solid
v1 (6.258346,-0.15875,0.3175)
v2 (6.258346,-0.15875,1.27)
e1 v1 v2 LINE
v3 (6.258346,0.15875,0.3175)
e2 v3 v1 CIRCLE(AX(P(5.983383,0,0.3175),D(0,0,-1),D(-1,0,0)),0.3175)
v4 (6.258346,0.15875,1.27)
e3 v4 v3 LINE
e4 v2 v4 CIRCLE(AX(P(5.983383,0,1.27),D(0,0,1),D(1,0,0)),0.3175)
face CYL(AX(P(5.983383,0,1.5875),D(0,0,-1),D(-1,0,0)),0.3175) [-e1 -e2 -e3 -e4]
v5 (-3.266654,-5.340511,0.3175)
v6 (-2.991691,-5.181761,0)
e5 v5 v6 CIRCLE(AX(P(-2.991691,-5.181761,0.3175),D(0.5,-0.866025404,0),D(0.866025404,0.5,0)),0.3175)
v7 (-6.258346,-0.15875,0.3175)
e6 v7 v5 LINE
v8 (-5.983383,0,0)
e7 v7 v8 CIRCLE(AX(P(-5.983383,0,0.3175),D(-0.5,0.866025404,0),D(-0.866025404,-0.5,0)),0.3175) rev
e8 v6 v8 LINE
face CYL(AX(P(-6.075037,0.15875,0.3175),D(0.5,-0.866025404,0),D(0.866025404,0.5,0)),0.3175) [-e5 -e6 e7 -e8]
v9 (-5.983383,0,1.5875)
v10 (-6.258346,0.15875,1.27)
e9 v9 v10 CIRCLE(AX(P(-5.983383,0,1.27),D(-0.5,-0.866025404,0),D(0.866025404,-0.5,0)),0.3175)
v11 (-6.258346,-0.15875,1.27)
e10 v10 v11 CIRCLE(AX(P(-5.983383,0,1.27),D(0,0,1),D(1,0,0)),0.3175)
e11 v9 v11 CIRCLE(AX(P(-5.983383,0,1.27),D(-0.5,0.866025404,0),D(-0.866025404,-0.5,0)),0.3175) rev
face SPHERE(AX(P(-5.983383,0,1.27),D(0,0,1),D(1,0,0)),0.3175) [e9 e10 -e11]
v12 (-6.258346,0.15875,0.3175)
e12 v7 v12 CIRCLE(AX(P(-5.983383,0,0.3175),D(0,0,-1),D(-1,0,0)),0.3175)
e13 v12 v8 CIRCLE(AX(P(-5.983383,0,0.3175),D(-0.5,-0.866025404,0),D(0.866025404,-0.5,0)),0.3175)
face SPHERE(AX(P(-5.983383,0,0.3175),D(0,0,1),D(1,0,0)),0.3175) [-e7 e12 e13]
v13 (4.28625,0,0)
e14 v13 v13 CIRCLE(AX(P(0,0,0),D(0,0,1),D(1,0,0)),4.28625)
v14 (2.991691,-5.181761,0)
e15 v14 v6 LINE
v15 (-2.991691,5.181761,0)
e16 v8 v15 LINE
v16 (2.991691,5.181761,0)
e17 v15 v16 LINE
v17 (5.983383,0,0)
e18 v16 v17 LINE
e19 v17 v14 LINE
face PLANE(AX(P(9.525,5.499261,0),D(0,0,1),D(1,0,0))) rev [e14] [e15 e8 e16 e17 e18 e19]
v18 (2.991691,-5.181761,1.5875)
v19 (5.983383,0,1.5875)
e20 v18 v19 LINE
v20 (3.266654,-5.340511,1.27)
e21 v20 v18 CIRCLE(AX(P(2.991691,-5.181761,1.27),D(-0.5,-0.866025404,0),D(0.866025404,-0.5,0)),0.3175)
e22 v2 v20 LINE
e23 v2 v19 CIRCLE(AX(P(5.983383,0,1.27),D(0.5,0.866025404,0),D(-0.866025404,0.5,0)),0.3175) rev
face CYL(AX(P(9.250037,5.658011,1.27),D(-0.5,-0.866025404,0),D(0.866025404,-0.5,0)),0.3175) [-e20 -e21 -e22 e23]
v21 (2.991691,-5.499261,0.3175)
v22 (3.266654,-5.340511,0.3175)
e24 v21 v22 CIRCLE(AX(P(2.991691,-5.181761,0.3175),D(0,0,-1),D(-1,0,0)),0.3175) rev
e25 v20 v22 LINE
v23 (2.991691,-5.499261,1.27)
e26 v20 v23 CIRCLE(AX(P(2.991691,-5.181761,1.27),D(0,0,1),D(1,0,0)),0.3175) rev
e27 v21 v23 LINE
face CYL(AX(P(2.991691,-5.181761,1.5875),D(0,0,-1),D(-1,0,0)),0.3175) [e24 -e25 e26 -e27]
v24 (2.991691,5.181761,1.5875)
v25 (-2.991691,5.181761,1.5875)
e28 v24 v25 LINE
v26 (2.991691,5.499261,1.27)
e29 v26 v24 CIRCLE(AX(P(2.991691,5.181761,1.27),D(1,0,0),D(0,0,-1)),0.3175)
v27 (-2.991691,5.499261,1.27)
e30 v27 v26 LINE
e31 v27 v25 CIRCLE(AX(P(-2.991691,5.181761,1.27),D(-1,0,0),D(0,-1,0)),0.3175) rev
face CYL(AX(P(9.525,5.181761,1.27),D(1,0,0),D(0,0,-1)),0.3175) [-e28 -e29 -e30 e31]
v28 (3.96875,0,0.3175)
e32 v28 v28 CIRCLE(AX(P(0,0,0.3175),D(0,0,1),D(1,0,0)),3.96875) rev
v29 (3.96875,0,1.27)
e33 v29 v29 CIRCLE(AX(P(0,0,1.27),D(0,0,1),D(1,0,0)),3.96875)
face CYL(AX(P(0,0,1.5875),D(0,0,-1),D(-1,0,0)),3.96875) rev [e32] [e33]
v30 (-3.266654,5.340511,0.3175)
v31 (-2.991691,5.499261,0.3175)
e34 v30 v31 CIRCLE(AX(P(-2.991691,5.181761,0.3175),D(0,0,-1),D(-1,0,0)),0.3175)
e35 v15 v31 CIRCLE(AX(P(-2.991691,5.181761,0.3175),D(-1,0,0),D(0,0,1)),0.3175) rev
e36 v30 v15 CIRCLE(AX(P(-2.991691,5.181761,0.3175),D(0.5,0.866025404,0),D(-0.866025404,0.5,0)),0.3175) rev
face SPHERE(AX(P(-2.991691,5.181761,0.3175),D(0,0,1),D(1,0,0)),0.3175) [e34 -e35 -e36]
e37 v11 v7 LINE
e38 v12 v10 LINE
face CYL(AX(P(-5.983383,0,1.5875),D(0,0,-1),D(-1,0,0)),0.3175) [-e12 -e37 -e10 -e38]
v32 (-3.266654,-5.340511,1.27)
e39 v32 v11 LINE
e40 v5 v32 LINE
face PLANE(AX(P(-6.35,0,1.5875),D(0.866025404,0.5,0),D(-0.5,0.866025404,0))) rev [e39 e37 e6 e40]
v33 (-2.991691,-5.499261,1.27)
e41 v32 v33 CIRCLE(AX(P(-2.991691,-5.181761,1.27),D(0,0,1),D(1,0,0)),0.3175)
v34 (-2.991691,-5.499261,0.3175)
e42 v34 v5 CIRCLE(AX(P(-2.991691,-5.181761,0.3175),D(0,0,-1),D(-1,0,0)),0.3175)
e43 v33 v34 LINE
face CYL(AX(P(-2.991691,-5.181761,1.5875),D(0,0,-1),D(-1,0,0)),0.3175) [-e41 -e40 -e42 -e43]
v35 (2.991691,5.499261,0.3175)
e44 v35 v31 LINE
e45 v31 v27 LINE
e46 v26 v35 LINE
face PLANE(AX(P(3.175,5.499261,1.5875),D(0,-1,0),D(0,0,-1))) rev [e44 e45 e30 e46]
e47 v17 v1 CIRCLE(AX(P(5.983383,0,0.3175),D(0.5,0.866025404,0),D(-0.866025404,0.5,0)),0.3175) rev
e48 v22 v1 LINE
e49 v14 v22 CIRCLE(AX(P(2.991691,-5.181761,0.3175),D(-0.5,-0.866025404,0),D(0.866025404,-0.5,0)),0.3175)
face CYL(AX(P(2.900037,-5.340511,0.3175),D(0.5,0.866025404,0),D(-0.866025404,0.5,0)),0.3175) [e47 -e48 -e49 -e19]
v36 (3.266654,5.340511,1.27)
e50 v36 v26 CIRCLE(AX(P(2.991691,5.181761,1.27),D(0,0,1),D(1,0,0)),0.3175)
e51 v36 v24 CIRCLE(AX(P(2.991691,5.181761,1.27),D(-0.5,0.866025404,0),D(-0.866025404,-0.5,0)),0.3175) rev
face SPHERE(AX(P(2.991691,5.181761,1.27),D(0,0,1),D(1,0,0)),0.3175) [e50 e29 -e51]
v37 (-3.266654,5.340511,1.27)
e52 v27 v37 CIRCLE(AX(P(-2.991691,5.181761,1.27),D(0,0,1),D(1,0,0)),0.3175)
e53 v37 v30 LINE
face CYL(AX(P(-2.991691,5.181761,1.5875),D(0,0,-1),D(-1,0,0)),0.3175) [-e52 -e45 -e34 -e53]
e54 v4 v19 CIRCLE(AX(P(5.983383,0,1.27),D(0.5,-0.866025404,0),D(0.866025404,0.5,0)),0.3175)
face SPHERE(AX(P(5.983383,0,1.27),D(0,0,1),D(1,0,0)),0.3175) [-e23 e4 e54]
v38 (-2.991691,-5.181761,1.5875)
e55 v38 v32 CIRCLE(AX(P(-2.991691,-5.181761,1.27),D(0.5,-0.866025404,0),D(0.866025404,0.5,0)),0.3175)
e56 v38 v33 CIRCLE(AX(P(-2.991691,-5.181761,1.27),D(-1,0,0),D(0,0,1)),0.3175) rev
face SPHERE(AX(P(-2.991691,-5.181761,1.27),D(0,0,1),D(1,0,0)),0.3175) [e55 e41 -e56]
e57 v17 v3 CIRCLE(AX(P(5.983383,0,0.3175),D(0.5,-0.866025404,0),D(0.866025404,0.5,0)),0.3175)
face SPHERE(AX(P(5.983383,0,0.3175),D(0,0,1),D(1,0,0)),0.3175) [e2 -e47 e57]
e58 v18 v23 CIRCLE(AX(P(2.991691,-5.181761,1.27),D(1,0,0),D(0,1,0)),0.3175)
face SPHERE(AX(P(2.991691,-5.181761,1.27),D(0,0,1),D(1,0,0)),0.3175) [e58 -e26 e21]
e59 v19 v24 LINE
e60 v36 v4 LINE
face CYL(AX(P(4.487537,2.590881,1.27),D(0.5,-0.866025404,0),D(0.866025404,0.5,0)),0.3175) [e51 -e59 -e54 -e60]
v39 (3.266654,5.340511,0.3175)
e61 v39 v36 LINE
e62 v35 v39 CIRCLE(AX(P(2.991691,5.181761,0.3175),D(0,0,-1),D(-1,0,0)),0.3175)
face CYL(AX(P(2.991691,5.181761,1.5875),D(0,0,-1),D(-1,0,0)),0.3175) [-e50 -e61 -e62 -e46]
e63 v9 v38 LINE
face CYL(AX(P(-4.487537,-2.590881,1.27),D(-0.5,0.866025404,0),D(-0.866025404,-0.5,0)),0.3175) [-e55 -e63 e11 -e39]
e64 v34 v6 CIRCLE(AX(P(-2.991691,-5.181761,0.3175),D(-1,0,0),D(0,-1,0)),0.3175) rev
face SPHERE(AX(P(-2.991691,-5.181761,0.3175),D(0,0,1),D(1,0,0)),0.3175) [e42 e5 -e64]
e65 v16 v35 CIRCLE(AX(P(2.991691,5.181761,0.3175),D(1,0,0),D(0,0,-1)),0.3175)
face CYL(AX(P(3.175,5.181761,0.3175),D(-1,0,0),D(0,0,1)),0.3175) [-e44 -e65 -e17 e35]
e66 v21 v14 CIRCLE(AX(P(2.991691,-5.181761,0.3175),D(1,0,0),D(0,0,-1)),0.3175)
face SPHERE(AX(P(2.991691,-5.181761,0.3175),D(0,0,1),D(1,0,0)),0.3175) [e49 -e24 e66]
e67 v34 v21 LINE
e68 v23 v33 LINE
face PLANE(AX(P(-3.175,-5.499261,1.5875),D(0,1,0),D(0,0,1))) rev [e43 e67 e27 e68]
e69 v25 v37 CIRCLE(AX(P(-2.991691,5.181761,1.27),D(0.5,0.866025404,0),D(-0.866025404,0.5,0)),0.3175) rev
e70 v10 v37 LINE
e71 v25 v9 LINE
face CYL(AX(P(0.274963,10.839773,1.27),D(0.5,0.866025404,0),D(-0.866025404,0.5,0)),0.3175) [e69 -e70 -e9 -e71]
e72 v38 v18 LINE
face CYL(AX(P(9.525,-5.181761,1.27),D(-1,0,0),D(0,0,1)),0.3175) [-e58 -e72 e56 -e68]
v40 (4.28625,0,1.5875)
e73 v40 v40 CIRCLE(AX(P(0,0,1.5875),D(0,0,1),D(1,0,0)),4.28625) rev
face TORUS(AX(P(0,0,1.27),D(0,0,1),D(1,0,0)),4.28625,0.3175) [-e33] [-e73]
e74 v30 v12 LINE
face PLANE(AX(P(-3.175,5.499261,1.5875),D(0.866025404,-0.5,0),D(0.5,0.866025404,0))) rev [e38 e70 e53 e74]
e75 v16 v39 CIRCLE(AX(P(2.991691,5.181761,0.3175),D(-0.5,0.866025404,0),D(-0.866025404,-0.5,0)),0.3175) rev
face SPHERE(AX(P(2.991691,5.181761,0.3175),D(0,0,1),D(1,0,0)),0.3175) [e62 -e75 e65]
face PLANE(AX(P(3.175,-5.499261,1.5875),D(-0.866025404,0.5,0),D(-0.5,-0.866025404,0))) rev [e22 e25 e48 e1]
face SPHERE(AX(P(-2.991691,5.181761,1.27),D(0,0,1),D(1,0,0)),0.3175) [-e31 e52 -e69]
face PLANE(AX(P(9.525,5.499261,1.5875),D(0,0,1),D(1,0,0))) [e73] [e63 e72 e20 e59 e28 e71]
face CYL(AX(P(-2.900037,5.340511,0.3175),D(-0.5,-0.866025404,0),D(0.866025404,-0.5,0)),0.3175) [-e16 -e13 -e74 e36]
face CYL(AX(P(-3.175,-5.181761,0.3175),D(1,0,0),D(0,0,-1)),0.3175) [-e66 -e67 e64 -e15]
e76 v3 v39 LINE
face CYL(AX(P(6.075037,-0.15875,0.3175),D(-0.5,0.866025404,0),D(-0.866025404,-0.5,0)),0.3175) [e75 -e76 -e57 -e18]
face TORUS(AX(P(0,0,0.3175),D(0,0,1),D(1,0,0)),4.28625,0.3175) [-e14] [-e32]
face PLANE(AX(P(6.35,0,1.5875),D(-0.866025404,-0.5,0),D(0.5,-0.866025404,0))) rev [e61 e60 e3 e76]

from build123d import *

# Parameters (mm, degrees)
SKETCH1_R      = 3.96875
EXTRUDE1_DEPTH = 1.5875
FILLET4_R      = 0.3175


with BuildPart() as part:
    # Sketch1 → Extrude1 (new body)
    with BuildSketch(Plane.XY):
        Polygon((6.35, 0), (3.175, 5.499261314), (-3.175, 5.499261314), (-6.35, 0), (-3.175, -5.499261314), (3.175, -5.499261314), align=None)
        Circle(SKETCH1_R, mode=Mode.SUBTRACT)
    extrude(amount=EXTRUDE1_DEPTH)

    # Fillet4
    fillet4_edges = [part.edges().sort_by_distance(p)[0] for p in [
        (0, 5.499261314, 1.5875),
        (3.175, -5.499261314, 0.79375),
        (-3.175, -5.499261314, 0.79375),
        (-6.35, 0, 0.79375),
        (-3.175, 5.499261314, 0.79375),
        (3.175, 5.499261314, 0.79375),
        (6.35, 0, 0.79375),
        (-4.7625, 2.749630657, 1.5875),
        (-4.7625, -2.749630657, 1.5875),
        (-3.96875, 0, 0),
        (-3.96875, 0, 1.5875),
        (0, -5.499261314, 1.5875),
        (4.7625, -2.749630657, 1.5875),
        (0, -5.499261314, 0),
        (-4.7625, -2.749630657, 0),
        (-4.7625, 2.749630657, 0),
        (4.7625, 2.749630657, 1.5875),
        (0, 5.499261314, 0),
        (4.7625, 2.749630657, 0),
        (4.7625, -2.749630657, 0),
    ]]
    fillet(fillet4_edges, radius=FILLET4_R)


solid = part.part
